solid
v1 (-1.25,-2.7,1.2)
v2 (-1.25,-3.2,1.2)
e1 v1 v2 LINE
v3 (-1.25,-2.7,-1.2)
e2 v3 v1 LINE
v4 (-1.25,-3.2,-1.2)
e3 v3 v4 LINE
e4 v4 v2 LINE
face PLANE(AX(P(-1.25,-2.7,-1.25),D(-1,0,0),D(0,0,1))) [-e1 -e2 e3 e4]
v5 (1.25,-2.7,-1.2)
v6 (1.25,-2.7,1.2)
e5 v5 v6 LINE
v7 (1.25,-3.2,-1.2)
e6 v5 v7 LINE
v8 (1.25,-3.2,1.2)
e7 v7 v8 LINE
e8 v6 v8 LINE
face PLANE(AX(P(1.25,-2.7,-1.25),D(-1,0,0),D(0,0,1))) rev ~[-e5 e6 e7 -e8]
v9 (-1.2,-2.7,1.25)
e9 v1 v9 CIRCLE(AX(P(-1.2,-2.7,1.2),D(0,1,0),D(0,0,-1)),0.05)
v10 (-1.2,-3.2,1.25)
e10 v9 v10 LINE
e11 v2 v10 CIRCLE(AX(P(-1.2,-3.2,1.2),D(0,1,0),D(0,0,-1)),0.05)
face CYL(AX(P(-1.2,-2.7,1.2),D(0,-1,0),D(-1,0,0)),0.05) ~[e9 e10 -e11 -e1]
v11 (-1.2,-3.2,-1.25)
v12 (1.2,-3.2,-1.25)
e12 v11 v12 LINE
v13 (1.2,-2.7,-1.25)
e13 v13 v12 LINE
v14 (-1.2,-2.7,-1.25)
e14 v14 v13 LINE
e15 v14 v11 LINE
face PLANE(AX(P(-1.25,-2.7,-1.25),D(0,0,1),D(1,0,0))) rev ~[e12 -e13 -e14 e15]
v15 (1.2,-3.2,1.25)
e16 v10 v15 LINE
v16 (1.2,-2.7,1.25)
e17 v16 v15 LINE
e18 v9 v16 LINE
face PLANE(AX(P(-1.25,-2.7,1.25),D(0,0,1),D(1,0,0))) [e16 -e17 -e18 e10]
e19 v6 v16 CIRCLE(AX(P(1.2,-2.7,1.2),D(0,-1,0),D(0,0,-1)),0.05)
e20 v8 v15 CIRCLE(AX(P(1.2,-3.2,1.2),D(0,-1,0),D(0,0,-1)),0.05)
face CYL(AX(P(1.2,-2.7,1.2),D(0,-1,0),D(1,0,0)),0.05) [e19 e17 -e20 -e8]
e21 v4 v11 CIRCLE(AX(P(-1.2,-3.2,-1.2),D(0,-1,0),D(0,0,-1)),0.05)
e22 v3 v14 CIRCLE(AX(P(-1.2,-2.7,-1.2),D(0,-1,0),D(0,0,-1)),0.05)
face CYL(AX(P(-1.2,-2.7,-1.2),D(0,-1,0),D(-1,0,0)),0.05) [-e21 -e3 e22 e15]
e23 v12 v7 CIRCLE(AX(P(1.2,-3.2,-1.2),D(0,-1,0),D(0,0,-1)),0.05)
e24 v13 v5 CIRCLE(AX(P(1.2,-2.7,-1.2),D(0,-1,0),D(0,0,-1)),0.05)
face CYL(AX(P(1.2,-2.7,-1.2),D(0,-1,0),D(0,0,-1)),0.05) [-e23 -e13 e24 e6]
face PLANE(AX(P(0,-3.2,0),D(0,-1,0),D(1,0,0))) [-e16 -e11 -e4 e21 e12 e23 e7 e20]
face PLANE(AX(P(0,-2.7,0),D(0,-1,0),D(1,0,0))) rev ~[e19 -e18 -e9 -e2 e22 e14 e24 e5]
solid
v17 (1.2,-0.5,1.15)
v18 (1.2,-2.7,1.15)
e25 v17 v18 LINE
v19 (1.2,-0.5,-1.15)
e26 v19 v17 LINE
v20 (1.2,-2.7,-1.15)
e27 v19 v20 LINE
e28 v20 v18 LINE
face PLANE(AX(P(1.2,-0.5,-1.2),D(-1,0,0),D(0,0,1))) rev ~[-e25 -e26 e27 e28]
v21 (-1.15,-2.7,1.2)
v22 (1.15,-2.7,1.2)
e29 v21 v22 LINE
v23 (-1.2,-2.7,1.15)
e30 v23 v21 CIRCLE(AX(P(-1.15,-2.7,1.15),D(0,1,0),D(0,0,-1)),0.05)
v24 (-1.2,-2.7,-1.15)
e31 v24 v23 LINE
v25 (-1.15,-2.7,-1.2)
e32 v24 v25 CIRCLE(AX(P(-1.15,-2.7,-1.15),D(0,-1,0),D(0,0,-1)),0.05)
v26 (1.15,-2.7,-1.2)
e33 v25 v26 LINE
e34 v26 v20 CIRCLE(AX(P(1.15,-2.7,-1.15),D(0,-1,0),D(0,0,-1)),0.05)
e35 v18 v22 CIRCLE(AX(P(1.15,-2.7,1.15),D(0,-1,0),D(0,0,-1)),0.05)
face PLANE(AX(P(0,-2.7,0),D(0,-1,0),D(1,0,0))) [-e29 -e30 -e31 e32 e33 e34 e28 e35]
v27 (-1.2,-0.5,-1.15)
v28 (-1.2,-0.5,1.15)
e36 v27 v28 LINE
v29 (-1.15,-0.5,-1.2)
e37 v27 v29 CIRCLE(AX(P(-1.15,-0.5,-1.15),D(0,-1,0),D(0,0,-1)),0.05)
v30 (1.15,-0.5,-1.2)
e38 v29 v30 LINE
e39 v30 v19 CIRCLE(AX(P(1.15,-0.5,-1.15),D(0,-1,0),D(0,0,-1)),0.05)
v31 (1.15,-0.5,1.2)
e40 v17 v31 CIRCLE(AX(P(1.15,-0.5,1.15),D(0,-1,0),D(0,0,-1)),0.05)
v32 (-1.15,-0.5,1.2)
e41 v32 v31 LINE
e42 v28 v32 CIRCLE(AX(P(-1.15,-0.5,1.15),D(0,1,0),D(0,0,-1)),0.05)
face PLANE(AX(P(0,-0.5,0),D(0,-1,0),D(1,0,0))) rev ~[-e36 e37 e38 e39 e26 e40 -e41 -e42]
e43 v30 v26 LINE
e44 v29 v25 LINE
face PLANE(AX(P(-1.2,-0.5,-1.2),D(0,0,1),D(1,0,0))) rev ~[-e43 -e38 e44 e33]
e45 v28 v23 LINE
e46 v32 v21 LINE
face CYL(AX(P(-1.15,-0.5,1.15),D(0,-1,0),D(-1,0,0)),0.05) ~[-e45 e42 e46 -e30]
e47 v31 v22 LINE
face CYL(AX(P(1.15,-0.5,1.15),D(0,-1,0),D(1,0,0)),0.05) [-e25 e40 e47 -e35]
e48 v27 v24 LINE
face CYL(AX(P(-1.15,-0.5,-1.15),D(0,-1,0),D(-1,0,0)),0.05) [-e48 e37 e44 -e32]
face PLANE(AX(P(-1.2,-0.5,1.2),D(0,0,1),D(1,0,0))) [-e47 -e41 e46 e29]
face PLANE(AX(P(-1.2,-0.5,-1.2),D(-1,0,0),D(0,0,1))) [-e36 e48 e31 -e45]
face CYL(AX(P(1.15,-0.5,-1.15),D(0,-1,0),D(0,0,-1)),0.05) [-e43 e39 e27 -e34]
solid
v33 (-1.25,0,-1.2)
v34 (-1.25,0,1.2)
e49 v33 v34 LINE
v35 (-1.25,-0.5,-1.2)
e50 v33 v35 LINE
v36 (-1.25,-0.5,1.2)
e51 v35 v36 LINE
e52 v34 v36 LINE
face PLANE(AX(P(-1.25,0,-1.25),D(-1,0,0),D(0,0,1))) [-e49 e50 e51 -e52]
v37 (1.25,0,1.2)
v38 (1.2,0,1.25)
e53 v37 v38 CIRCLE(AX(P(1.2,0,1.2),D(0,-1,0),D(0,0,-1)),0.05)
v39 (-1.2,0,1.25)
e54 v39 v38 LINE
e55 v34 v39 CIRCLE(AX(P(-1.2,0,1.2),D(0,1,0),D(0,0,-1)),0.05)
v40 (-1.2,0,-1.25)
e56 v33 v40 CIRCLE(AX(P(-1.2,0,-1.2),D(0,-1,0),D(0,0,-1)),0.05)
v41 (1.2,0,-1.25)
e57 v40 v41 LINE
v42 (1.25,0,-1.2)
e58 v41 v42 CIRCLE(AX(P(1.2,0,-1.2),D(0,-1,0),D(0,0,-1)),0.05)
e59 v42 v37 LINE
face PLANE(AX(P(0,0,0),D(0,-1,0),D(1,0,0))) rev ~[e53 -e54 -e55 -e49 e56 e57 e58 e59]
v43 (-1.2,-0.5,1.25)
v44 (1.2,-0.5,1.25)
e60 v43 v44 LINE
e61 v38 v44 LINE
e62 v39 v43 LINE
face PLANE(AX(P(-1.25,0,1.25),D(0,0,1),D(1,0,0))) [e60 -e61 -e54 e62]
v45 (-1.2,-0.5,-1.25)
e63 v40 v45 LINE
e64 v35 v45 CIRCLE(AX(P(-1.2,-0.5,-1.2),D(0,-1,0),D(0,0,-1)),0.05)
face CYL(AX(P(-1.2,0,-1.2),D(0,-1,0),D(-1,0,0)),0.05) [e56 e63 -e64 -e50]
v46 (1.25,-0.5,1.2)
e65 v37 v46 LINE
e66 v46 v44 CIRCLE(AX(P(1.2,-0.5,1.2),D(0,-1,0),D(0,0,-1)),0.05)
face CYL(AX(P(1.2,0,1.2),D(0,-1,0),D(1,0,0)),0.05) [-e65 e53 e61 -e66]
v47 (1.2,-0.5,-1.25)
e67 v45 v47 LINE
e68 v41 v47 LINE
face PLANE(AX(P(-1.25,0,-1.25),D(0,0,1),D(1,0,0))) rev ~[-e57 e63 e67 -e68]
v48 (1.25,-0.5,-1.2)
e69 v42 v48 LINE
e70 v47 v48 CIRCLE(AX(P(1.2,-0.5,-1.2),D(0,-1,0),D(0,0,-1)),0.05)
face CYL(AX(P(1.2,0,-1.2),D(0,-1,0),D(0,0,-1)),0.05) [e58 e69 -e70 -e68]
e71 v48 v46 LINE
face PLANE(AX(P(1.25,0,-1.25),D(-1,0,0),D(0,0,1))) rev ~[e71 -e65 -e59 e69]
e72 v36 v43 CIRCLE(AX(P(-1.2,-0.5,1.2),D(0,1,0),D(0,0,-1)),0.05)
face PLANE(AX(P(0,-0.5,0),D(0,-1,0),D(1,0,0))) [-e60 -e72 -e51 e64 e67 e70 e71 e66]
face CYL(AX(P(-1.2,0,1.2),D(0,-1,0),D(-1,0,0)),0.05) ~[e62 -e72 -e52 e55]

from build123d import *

# Parameters (mm, degrees)
F0_W     = 2.5
F0_H     = 2.5
F1_DEPTH = 0.5
F2_W     = 2.4
F2_H     = 2.4
F3_DEPTH = 2.2
F4_W     = 2.5
F4_H     = 2.5
F5_DEPTH = 0.5
F6_R     = 0.05
F6_2_R   = 0.05
F6_3_R   = 0.05


with BuildPart() as f1:
    # F0 (on Front) → F1 (new body)
    with BuildSketch(Plane.XZ):
        Rectangle(F0_W, F0_H)
    extrude(amount=F1_DEPTH)

    # F6#2
    f6_2_edges = [f1.edges().sort_by_distance(p)[0] for p in [
        (1.25, -0.25, 1.25),
        (1.25, -0.25, -1.25),
        (-1.25, -0.25, 1.25),
        (-1.25, -0.25, -1.25),
    ]]
    fillet(f6_2_edges, radius=F6_2_R)


with BuildPart() as f3:
    # F2 (on face) → F3 (new body)
    with BuildSketch(Plane.XZ.offset(0.5)):
        Rectangle(F2_W, F2_H)
    extrude(amount=F3_DEPTH)

    # F6#3
    f6_3_edges = [f3.edges().sort_by_distance(p)[0] for p in [
        (1.2, -1.6, 1.2),
        (-1.2, -1.6, 1.2),
        (1.2, -1.6, -1.2),
        (-1.2, -1.6, -1.2),
    ]]
    fillet(f6_3_edges, radius=F6_3_R)


with BuildPart() as f5:
    # F4 (on face) → F5 (new body)
    with BuildSketch(Plane.XZ.offset(2.7)):
        Rectangle(F4_W, F4_H)
    extrude(amount=F5_DEPTH)

    # F6
    f6_edges = [f5.edges().sort_by_distance(p)[0] for p in [
        (1.25, -2.95, 1.25),
        (1.25, -2.95, -1.25),
        (-1.25, -2.95, 1.25),
        (-1.25, -2.95, -1.25),
    ]]
    fillet(f6_edges, radius=F6_R)


solid = Compound([f1.part, f3.part, f5.part])
